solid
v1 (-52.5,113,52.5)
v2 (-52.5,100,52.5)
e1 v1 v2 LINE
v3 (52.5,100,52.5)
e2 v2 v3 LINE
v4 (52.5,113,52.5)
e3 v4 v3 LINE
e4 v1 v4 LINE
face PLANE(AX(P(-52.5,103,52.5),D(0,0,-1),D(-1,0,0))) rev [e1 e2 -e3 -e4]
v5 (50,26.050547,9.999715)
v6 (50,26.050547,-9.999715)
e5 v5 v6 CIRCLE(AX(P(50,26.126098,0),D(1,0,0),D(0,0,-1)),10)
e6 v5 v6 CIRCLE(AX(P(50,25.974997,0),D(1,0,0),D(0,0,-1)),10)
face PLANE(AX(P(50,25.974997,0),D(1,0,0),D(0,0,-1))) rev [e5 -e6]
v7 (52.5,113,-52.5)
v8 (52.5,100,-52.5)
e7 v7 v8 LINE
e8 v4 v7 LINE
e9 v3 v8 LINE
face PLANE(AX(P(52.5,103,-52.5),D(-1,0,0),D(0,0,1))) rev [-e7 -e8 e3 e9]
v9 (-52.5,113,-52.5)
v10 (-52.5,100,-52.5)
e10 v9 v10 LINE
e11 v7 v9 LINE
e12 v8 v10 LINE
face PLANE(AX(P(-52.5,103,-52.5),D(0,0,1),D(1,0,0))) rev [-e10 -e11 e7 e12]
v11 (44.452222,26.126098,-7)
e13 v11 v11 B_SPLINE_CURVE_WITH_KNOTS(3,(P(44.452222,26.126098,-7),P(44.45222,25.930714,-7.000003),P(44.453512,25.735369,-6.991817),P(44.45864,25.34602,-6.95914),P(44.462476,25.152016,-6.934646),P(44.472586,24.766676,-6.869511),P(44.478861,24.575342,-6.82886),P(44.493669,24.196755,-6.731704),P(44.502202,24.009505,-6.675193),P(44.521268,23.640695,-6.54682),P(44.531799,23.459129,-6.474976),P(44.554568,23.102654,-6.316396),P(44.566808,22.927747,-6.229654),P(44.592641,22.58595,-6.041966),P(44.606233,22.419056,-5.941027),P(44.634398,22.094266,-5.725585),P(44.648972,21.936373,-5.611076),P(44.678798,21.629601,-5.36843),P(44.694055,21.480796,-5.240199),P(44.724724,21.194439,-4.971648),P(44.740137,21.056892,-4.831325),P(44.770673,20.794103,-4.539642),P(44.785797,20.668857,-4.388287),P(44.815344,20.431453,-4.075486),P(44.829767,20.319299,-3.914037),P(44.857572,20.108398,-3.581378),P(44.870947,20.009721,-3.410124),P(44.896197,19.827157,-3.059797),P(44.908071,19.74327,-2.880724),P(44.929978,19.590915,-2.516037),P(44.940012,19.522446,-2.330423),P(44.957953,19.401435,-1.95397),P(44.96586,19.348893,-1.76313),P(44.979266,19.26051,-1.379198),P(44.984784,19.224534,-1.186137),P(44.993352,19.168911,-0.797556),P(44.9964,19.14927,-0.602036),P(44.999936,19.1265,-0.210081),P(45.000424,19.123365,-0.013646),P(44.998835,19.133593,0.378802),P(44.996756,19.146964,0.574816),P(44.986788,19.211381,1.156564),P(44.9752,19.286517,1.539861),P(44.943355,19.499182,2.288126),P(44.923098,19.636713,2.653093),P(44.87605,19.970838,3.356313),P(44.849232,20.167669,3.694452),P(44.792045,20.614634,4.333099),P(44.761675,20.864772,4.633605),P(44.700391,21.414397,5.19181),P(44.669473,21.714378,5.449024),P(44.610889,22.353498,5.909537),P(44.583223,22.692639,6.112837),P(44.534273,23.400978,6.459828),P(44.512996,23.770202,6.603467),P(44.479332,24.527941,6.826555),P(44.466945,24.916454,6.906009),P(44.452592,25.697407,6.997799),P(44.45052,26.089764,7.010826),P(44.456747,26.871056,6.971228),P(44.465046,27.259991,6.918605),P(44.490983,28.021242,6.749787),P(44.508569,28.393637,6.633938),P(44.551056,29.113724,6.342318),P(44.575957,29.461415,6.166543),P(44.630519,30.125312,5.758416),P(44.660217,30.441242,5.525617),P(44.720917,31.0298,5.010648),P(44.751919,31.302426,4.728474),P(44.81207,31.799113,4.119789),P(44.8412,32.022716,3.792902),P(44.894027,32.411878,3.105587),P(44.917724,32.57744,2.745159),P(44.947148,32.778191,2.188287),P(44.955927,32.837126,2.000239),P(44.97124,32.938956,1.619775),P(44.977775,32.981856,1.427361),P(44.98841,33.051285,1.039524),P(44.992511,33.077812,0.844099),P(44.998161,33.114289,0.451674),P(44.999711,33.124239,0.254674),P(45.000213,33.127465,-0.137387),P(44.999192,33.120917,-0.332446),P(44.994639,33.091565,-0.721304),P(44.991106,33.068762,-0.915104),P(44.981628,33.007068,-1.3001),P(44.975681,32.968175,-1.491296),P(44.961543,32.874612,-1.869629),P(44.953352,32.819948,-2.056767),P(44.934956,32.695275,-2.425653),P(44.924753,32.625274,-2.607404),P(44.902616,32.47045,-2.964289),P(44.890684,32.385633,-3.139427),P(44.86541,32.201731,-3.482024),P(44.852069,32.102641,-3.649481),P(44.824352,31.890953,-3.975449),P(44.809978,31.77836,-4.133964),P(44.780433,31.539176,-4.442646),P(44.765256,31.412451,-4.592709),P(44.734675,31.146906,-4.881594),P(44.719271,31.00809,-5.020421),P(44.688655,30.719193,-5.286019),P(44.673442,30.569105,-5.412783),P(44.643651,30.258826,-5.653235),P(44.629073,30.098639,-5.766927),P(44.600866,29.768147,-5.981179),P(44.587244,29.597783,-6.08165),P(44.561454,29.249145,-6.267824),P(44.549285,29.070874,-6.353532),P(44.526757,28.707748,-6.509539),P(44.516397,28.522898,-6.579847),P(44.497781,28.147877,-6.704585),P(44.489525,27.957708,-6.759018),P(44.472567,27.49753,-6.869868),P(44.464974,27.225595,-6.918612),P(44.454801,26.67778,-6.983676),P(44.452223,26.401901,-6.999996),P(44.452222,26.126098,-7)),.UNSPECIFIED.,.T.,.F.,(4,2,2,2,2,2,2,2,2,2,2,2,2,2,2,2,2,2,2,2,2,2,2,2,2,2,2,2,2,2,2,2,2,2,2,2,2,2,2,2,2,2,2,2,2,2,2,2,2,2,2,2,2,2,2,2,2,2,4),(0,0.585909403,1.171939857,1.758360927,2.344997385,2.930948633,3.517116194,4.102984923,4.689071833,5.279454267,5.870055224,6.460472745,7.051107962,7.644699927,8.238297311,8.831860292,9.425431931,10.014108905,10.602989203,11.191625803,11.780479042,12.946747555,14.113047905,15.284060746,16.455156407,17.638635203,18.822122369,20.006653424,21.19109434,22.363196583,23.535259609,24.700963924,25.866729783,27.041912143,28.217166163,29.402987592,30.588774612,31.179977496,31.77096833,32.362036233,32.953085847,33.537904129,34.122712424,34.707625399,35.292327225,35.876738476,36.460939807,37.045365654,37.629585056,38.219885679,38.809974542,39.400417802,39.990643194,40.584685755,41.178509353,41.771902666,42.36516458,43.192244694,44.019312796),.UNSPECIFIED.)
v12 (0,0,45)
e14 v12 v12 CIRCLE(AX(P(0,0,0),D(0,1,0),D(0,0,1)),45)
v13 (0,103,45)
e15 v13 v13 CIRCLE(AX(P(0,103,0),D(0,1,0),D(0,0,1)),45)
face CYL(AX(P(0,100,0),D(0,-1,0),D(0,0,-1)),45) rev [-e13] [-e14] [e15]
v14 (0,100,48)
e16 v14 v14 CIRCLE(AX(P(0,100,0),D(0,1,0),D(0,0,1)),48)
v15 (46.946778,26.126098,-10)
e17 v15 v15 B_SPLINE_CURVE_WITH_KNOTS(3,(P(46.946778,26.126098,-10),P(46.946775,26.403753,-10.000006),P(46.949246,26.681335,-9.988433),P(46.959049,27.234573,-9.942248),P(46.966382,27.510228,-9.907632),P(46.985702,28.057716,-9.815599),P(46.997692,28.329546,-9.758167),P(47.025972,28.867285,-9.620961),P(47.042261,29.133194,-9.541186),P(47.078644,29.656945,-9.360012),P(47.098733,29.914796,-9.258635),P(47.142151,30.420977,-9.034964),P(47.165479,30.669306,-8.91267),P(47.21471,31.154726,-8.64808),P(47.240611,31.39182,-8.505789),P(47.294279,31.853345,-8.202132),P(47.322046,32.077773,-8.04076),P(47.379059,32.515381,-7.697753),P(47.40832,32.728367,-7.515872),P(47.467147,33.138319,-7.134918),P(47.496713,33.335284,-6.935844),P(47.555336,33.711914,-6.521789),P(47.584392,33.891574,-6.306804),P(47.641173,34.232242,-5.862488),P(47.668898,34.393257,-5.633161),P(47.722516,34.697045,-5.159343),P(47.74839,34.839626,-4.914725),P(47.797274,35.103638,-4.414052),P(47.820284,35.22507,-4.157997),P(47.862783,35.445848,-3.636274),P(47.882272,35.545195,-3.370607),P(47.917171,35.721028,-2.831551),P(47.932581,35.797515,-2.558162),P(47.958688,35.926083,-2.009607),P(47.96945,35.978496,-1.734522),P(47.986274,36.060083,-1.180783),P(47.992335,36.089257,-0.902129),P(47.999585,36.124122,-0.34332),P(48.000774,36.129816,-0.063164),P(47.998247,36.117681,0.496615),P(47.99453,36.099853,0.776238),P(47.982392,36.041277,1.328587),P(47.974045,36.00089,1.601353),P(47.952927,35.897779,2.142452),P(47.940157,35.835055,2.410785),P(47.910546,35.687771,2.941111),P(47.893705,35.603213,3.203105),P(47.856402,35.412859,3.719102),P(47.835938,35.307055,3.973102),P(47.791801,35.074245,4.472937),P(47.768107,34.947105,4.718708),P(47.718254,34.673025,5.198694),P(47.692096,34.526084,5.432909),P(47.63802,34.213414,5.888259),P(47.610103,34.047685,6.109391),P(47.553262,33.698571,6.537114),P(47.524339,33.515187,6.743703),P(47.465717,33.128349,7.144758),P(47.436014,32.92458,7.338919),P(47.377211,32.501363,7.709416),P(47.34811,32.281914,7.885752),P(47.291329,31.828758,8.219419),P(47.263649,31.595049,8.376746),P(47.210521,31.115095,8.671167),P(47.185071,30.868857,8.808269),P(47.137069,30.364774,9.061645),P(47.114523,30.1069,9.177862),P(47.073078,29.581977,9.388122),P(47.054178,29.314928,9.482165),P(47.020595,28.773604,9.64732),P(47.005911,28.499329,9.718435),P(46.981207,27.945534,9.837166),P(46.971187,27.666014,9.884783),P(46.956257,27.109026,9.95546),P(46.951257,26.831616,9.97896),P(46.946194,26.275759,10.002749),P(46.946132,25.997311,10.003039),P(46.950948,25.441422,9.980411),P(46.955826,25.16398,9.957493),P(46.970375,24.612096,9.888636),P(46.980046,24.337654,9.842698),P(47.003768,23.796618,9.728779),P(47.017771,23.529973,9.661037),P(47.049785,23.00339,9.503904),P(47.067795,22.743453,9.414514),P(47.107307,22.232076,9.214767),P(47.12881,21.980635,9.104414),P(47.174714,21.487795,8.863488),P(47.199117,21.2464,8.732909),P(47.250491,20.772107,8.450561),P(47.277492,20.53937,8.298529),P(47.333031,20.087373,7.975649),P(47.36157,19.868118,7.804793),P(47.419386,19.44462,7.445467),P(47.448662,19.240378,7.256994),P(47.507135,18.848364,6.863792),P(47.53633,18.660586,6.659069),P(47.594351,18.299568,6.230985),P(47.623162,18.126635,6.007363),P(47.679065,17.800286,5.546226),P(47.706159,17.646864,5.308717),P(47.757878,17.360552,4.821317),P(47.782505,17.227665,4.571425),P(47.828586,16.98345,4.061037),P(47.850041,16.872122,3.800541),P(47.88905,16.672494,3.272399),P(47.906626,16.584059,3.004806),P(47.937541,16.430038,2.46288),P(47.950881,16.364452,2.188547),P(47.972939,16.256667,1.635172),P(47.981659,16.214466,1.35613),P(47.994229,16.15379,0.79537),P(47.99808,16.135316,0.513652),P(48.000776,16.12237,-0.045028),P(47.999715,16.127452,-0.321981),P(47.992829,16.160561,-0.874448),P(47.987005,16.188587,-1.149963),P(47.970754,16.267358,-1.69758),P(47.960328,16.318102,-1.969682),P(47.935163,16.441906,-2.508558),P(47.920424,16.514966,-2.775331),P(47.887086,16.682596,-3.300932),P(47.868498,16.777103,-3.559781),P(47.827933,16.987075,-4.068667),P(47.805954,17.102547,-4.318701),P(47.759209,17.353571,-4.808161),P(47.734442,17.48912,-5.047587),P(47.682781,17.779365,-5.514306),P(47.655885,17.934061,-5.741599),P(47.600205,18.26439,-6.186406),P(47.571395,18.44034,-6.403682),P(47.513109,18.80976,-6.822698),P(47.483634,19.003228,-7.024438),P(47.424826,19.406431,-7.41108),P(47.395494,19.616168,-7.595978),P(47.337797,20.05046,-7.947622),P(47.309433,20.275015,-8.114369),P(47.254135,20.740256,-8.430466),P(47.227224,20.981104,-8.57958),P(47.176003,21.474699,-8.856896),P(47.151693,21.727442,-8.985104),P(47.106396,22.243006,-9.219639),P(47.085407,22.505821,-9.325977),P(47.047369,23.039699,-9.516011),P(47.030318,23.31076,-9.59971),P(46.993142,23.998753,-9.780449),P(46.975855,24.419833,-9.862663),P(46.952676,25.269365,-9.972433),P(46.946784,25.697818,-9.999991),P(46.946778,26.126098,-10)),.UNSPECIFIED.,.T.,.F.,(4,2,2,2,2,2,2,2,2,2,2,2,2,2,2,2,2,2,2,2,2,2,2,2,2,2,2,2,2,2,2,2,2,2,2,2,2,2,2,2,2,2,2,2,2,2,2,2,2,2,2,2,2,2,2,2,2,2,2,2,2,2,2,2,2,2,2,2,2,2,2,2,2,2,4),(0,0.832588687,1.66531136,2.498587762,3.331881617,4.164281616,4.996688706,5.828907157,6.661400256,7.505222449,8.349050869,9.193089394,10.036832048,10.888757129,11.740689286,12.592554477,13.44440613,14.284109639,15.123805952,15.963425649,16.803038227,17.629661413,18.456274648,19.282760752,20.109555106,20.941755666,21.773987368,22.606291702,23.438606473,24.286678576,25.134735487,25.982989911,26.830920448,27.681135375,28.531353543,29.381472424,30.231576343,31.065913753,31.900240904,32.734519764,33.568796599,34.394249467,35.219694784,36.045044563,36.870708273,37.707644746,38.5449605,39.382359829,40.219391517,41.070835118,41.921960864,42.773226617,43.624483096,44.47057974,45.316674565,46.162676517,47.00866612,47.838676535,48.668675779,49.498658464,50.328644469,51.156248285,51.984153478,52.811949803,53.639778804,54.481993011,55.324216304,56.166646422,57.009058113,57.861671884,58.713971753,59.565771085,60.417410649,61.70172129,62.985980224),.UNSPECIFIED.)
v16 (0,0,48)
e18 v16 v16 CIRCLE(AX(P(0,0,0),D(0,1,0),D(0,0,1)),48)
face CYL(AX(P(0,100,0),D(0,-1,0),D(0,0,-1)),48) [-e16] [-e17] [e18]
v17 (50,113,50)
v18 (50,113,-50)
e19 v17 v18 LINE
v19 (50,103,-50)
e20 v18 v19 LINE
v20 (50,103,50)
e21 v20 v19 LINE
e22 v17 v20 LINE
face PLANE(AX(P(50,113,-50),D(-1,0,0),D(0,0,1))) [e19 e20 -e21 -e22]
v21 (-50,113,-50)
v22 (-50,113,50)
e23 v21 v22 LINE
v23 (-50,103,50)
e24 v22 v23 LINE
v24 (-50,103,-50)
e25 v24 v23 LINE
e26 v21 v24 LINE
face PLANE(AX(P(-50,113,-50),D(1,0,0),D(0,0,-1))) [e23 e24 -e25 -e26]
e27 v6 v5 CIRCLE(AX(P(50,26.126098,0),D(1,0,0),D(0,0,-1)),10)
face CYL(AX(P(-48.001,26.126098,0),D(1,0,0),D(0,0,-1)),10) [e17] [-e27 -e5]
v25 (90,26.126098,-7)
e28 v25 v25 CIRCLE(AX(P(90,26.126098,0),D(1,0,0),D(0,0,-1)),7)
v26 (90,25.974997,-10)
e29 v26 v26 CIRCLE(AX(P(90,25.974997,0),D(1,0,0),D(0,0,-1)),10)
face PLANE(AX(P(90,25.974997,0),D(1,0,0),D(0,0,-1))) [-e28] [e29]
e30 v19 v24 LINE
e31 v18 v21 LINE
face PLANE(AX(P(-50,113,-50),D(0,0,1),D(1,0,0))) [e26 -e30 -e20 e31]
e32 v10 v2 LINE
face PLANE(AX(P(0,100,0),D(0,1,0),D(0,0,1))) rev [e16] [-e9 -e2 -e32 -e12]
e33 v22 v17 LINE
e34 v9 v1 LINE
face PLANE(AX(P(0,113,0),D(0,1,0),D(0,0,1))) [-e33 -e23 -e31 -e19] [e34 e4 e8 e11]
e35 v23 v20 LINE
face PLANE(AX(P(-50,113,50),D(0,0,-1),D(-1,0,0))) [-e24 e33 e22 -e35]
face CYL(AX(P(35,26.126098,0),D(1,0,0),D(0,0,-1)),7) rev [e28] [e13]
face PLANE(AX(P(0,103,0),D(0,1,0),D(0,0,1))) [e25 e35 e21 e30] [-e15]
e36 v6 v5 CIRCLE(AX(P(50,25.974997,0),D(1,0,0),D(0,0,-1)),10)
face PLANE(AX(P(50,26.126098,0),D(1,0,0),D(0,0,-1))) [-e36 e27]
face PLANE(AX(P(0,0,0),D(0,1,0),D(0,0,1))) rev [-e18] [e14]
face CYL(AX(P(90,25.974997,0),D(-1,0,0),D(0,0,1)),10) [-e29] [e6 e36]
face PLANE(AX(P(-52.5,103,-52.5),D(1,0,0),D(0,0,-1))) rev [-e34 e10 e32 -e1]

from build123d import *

# Parameters (mm, degrees)
SKETCH3_R                = 48
SKETCH3_R_2              = 45
BOSS_EXTRUDE1_DEPTH      = 100
BOSS_EXTRUDE2_REACH      = 150.014
BOSS_EXTRUDE2_END_RADIUS = 48
SKETCH5_R                = 10
SKETCH6_R                = 10
BOSS_EXTRUDE3_DEPTH      = 40
SKETCH7_R                = 7
CUT_EXTRUDE1_DEPTH       = 55
SKETCH8_W                = 105
SKETCH8_H                = 105
SKETCH8_R                = 45
BOSS_EXTRUDE4_DEPTH      = 3
SKETCH9_W                = 105
SKETCH9_H                = 105
SKETCH9_W_2              = 100
SKETCH9_H_2              = 100
BOSS_EXTRUDE5_DEPTH      = 10


with BuildPart() as part:
    # Sketch3 → Boss-Extrude1 (new body)
    with BuildSketch(Plane(origin=(0, 0, 0), x_dir=(1, 0, 0), z_dir=(0, 1, 0))):
        with Locations(Location((0, 0, 0), (0, 0, 270))):
            Circle(SKETCH3_R)
        with Locations(Location((0, 0, 0), (0, 0, 270))):
            Circle(SKETCH3_R_2, mode=Mode.SUBTRACT)
    extrude(amount=BOSS_EXTRUDE1_DEPTH)

    # Boss-Extrude2: up to this cylinder (the profile starts outside it)
    boss_extrude2_end = Plane(origin=(0, 26.126098, 0), z_dir=(0, -1, 0)) * Cylinder(BOSS_EXTRUDE2_END_RADIUS, 397.028, mode=Mode.PRIVATE)
    # Sketch5 → Boss-Extrude2 (add, up to the surface)
    with BuildSketch(Plane(origin=(50, 0, 0), x_dir=(0, 0, -1), z_dir=(1, 0, 0)), mode=Mode.PRIVATE) as boss_extrude2_sk1:
        with Locations((0, 26.126097613)):
            Circle(SKETCH5_R)
    boss_extrude2_tool1 = extrude(boss_extrude2_sk1.sketch, amount=-BOSS_EXTRUDE2_REACH, mode=Mode.PRIVATE) - boss_extrude2_end
    add(boss_extrude2_tool1.solids().sort_by_distance((50, 26.126098, 0))[0])

    # Sketch6 → Boss-Extrude3 (add)
    with BuildSketch(Plane(origin=(50, 0, 0), x_dir=(0, 0, -1), z_dir=(1, 0, 0))):
        with Locations(Location((0, 25.974996965, 0), (0, 0, 179.567124411))):
            Circle(SKETCH6_R)
    extrude(amount=BOSS_EXTRUDE3_DEPTH)

    # Sketch7 → Cut-Extrude1 (cut)
    with BuildSketch(Plane(origin=(90, 0, 0), x_dir=(0, 0, -1), z_dir=(1, 0, 0))):
        with Locations((0, 26.126097613)):
            Circle(SKETCH7_R)
    extrude(amount=-CUT_EXTRUDE1_DEPTH, mode=Mode.SUBTRACT)

    # Sketch8 → Boss-Extrude4 (add)
    with BuildSketch(Plane(origin=(0, 100, 0), x_dir=(1, 0, 0), z_dir=(0, 1, 0))):
        Rectangle(SKETCH8_W, SKETCH8_H)
        with Locations(Location((0, 0, 0), (0, 0, 270))):
            Circle(SKETCH8_R, mode=Mode.SUBTRACT)
    extrude(amount=BOSS_EXTRUDE4_DEPTH)

    # Sketch9 → Boss-Extrude5 (add)
    with BuildSketch(Plane(origin=(0, 103, 0), x_dir=(1, 0, 0), z_dir=(0, 1, 0))):
        Rectangle(SKETCH9_W, SKETCH9_H)
        Rectangle(SKETCH9_W_2, SKETCH9_H_2, mode=Mode.SUBTRACT)
    extrude(amount=BOSS_EXTRUDE5_DEPTH)


solid = part.part
